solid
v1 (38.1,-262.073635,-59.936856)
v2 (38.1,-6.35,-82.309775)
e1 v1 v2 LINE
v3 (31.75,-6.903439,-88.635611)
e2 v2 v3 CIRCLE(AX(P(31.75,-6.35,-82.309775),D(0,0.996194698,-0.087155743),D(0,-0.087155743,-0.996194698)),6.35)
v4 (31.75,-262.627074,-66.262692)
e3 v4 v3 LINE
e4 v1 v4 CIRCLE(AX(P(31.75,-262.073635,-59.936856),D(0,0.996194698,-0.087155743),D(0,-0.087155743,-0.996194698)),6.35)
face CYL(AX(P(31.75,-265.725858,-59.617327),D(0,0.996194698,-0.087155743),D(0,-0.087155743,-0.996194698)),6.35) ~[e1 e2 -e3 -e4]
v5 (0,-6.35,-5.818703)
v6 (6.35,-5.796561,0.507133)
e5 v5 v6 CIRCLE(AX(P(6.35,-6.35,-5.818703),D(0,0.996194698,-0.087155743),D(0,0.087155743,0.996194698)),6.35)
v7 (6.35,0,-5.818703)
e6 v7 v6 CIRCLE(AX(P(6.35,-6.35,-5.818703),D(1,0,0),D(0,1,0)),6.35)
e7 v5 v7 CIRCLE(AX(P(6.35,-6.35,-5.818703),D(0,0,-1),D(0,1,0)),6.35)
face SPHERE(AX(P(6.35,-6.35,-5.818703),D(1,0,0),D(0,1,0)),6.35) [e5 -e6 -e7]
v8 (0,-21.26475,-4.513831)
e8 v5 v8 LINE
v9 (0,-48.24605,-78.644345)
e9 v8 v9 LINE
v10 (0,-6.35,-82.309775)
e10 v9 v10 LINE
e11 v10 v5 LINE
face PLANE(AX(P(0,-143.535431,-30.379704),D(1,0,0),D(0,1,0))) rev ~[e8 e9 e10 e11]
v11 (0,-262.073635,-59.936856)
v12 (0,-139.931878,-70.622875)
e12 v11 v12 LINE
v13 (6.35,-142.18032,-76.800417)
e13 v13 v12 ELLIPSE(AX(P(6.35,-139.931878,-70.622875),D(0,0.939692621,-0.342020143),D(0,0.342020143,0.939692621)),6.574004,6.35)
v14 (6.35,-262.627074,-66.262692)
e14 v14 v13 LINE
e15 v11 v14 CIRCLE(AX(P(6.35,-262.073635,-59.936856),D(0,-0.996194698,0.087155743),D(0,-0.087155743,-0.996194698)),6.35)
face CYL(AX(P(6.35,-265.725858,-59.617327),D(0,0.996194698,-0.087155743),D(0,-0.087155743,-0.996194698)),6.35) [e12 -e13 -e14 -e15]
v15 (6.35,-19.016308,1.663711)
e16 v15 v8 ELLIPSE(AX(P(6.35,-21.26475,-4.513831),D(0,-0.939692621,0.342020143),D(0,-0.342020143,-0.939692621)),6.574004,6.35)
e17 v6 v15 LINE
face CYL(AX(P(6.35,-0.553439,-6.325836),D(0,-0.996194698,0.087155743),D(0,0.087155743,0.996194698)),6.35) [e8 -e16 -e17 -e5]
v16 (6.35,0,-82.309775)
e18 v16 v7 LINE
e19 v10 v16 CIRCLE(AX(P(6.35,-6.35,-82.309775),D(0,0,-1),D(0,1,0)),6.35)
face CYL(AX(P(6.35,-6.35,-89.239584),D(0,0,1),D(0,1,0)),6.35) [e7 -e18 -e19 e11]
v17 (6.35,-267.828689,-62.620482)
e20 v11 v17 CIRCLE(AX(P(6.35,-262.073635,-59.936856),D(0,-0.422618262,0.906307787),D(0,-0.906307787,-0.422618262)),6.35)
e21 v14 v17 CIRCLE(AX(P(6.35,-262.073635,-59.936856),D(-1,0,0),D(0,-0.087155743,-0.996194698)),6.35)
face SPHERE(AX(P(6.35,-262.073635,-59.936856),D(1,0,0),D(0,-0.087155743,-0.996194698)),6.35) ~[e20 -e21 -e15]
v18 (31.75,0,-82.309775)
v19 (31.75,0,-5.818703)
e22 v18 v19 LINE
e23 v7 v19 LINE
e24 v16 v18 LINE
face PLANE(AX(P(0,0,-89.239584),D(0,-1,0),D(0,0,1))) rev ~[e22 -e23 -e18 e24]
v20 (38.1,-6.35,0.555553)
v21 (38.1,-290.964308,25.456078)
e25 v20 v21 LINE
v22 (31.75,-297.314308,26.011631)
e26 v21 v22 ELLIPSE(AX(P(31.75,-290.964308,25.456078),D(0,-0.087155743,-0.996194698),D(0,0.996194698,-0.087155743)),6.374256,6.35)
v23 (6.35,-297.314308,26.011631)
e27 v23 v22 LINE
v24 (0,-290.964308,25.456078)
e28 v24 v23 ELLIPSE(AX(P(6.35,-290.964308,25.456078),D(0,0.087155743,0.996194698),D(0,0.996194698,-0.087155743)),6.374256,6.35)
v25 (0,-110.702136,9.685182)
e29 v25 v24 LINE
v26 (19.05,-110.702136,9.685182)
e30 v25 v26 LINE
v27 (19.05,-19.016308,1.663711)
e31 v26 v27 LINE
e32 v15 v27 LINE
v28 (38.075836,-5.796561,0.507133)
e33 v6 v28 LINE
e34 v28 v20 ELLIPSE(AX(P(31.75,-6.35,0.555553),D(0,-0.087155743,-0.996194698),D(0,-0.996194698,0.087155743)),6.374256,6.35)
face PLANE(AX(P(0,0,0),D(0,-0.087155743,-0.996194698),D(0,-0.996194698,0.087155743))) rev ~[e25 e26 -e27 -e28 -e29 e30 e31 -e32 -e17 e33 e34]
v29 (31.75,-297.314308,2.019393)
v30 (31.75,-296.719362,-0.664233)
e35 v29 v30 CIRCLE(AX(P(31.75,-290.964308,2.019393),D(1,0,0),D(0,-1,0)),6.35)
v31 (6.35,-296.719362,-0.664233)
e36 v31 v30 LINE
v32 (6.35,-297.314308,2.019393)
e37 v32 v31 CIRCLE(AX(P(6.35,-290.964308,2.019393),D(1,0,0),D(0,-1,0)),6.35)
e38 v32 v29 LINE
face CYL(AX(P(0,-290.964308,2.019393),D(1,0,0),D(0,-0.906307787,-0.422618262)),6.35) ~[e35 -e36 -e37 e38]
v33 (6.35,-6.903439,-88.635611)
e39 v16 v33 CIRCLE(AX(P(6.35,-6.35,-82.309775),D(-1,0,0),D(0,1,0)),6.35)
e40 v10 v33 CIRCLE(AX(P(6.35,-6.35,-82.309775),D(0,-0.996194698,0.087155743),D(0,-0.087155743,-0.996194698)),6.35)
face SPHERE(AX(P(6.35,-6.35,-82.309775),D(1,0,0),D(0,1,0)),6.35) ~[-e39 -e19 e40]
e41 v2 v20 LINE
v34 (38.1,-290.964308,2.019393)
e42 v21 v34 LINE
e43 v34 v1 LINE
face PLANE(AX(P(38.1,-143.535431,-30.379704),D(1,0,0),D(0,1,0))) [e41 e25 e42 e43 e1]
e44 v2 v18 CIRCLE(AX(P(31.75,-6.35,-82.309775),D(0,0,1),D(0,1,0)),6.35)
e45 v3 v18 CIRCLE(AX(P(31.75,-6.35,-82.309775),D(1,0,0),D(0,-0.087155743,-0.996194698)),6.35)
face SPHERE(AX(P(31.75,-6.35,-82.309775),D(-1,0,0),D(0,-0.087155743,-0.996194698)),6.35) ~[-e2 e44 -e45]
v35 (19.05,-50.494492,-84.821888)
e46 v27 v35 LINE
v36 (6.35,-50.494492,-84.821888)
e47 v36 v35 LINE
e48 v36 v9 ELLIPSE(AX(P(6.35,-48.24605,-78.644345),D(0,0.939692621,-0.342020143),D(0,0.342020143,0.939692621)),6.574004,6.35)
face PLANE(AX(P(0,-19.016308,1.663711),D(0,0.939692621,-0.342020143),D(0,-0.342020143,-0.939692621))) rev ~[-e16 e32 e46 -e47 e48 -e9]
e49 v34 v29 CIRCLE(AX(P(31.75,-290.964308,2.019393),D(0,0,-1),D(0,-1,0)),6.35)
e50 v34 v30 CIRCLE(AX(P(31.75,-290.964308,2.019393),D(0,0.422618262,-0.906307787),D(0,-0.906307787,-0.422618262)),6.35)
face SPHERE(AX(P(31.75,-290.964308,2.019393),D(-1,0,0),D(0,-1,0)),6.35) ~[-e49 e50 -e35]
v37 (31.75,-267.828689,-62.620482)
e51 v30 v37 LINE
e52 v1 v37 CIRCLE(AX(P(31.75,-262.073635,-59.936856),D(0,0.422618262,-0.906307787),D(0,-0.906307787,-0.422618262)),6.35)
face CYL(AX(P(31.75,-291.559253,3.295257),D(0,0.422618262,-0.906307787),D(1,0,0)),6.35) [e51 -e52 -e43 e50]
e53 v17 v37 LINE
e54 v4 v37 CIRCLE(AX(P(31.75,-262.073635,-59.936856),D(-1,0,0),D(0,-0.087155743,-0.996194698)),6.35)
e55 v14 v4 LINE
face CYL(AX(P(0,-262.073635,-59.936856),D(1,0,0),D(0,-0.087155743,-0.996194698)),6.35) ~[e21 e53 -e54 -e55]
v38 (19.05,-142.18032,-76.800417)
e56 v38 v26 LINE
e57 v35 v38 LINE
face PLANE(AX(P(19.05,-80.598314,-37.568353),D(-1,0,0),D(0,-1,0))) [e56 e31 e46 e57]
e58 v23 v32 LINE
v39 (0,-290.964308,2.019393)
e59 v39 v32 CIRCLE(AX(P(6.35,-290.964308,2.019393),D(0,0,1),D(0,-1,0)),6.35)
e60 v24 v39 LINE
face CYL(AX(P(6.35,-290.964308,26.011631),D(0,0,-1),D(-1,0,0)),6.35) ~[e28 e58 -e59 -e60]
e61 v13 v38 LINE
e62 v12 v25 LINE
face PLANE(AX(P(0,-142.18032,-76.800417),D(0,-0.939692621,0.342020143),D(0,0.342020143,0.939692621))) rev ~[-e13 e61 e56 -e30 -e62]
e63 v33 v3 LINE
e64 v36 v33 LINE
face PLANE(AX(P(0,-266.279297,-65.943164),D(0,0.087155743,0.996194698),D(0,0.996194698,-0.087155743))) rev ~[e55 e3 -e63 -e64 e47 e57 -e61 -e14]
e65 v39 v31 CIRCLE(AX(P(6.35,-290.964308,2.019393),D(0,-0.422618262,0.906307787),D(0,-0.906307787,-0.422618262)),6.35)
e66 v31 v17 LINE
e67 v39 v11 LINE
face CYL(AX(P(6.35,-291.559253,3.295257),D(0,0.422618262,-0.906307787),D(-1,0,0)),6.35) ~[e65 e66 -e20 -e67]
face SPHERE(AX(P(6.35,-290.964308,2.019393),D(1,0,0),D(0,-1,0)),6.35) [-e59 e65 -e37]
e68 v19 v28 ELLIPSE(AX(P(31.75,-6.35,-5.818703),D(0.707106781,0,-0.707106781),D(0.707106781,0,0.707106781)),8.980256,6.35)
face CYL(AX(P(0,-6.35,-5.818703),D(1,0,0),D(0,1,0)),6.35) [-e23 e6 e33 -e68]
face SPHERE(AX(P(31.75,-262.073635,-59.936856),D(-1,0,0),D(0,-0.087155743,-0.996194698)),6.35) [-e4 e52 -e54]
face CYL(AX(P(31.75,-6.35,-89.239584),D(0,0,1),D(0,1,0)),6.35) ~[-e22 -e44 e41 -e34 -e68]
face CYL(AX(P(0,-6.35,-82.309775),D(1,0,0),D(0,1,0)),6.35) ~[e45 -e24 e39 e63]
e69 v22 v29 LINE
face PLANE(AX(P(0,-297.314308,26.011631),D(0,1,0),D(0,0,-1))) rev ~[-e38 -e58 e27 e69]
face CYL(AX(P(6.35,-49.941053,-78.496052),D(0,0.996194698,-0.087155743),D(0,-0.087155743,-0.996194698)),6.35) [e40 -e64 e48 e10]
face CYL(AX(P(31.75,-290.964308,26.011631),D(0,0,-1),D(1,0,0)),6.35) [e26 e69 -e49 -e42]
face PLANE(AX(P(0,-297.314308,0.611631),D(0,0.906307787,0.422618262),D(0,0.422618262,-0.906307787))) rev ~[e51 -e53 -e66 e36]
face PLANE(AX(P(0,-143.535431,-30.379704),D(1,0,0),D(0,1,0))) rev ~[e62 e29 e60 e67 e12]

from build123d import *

# Parameters (mm, degrees)
F1_DEPTH = 38.1
F3_DEPTH = 19.05
F4_R     = 6.35


with BuildPart() as f1:
    # F0 (on Right) → F1 (new body)
    with BuildSketch(Plane.YZ):
        Polygon((0, -89.2395835576), (0, 0), (-297.3143076455, 26.011631423), (-297.3143076455, 0.611631423), (-266.2792969737, -65.9431637408), align=None)
    extrude(amount=F1_DEPTH)

    # F2 (on face) → F3 (cut)
    with BuildSketch(Plane(origin=(0, 0, 0), x_dir=(0, -1, 0), z_dir=(-1, 0, 0))):
        Polygon((110.7021358254, 9.6851819128), (19.016308353, 1.663711403), (50.4944921991, -84.8218879197), (142.1803196716, -76.8004174098), align=None)
    extrude(amount=-F3_DEPTH, mode=Mode.SUBTRACT)

    # F4
    f4_edges = [f1.edges().sort_by_distance(p)[0] for p in [
        (0, -297.314308, 13.311631),
        (38.1, -297.314308, 13.311631),
        (38.1, -281.796802, -32.665766),
        (0, -281.796802, -32.665766),
        (19.05, -266.279297, -65.943164),
        (38.1, -133.139648, -77.591374),
        (38.1, 0, -44.619792),
        (19.05, 0, 0),
        (0, -25.247246, -87.030736),
        (0, -204.229808, -71.371791),
        (19.05, 0, -89.239584),
        (0, 0, -44.619792),
        (0, -9.508154, 0.831856),
        (19.05, -297.314308, 0.611631),
    ]]
    fillet(f4_edges, radius=F4_R)


solid = f1.part
